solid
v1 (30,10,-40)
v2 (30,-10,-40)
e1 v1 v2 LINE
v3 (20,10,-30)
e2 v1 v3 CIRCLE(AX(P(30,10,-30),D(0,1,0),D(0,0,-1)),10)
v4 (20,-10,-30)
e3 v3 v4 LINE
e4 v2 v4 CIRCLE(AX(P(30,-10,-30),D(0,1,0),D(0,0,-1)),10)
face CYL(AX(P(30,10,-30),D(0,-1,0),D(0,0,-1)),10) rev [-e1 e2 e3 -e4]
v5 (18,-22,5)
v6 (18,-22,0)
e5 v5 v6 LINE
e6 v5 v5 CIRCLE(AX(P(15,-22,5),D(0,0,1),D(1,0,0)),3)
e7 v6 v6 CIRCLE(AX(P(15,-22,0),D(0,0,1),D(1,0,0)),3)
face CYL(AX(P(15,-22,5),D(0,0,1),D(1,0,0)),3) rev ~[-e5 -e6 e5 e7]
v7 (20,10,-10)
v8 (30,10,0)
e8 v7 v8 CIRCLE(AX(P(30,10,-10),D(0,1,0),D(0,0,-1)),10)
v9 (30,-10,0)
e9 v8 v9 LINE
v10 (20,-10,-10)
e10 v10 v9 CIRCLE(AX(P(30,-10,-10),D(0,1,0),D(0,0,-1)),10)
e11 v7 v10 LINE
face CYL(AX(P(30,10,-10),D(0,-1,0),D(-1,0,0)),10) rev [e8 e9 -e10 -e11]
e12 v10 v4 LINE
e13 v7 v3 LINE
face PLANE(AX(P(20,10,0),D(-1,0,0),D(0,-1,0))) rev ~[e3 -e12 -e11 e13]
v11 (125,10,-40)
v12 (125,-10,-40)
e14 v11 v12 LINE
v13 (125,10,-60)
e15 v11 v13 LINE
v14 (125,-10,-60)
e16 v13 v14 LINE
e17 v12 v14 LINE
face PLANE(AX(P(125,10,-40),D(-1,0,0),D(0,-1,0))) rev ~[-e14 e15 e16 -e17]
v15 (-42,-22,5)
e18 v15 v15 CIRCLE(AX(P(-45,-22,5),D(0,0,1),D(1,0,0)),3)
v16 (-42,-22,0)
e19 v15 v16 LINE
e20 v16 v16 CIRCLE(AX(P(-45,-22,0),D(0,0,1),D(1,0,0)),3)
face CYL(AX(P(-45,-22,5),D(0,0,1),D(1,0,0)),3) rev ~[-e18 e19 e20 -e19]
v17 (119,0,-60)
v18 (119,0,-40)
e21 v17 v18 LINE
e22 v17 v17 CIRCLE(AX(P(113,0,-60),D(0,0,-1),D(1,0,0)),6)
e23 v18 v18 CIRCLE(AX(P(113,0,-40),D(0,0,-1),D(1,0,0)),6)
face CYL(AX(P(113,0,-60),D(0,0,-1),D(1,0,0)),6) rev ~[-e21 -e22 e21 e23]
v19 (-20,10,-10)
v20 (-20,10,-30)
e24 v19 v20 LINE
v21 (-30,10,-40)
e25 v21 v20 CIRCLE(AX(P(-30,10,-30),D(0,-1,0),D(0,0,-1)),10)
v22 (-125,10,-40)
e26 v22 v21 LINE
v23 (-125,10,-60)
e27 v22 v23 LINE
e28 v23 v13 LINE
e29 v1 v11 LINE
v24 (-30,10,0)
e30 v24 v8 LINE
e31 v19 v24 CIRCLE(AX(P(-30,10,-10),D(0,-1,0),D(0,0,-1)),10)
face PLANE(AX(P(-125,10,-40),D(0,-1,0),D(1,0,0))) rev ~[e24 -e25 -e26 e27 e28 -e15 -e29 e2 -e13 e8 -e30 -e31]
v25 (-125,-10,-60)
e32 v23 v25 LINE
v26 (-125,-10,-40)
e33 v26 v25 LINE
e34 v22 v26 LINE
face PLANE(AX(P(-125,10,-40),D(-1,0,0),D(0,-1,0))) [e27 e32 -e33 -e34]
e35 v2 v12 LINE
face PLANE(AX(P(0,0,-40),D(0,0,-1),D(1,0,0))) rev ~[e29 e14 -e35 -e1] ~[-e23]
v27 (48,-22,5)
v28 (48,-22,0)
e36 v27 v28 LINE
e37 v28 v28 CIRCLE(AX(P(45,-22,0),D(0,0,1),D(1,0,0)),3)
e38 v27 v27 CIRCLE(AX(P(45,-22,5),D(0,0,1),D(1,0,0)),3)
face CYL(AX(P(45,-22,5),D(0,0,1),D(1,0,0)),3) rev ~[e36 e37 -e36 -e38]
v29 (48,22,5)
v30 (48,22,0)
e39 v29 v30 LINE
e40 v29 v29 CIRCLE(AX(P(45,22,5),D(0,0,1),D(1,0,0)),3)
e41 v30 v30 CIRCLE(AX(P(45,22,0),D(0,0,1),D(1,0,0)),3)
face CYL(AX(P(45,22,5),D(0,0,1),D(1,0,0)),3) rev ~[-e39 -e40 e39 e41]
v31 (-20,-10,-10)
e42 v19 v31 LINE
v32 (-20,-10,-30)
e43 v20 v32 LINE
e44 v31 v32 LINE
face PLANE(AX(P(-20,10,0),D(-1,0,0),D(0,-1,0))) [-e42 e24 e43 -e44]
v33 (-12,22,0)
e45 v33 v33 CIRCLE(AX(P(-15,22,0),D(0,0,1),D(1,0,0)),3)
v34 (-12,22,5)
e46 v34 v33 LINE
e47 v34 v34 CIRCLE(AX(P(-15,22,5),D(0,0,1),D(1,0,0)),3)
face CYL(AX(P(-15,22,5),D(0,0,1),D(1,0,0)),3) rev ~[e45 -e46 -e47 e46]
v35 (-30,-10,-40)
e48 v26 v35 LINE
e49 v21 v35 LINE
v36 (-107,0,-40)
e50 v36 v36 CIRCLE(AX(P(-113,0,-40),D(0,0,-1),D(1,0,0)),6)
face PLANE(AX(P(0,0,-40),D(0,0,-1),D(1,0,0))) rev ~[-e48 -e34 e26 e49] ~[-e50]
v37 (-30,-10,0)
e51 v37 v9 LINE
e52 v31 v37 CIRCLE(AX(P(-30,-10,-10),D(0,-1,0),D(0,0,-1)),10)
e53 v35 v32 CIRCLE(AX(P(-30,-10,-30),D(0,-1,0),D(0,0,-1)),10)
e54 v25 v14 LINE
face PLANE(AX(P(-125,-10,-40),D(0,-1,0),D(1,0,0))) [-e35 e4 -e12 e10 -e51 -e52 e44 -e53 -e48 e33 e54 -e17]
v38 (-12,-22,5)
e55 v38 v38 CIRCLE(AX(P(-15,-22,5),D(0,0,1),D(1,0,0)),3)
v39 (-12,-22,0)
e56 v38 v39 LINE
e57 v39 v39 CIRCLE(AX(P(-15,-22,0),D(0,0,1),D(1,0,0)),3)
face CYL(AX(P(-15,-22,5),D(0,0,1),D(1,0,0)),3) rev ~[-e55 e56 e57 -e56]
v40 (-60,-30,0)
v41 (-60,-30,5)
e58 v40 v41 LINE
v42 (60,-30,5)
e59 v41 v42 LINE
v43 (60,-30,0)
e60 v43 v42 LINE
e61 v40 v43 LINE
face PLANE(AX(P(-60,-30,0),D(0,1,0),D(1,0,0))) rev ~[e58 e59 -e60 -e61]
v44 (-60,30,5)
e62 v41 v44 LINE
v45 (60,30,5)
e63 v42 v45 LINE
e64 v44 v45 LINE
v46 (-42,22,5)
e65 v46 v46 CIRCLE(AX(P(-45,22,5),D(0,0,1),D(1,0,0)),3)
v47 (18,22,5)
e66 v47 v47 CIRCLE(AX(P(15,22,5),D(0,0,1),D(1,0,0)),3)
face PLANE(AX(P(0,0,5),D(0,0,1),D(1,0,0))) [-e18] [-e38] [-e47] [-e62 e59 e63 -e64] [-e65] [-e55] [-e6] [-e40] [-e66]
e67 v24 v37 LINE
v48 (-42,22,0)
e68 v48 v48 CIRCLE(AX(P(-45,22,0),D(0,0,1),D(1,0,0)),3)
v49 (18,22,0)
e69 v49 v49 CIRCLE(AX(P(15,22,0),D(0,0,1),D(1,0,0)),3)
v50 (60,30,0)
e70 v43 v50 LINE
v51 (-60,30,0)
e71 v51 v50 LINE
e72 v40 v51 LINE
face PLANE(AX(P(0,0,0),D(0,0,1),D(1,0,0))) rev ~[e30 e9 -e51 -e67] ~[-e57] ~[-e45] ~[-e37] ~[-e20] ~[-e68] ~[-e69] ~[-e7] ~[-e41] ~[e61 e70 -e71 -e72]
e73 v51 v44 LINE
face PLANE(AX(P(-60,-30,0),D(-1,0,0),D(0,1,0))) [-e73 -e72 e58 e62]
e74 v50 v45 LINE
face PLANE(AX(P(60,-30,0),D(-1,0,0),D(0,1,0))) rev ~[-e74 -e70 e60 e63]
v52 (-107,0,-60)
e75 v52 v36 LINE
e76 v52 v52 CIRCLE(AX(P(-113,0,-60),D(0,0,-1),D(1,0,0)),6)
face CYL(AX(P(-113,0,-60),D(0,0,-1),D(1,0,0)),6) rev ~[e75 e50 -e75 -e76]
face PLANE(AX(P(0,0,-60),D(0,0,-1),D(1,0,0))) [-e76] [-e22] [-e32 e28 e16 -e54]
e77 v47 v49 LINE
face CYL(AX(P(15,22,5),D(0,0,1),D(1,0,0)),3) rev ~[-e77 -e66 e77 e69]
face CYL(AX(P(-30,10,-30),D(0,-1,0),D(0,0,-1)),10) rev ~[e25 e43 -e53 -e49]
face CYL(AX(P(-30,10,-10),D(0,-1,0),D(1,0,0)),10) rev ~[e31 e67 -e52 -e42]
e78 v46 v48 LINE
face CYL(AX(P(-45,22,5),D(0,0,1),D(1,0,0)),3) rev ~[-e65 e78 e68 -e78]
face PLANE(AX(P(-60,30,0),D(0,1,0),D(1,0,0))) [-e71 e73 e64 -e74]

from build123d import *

# Parameters (mm, degrees)
F0_W      = 120
F0_H      = 60
F1_DEPTH  = 5
F2_W      = 40
F2_H      = 20
F3_DEPTH  = 40
F4_W      = 250
F4_H      = 20
F5_DEPTH  = 20
F6_R      = 10
F7_R      = 6
F8_DEPTH  = 65.001
F9_R      = 3
F10_DEPTH = 65.001


with BuildPart() as f1:
    # F0 (on Top) → F1 (new body)
    with BuildSketch(Plane.XY):
        Rectangle(F0_W, F0_H)
    extrude(amount=F1_DEPTH)

    # F2 (on face) → F3 (join)
    with BuildSketch(Plane(origin=(0, 0, 0), x_dir=(1, 0, 0), z_dir=(0, 0, -1))):
        Rectangle(F2_W, F2_H)
    extrude(amount=F3_DEPTH)

    # F4 (on face) → F5 (join)
    with BuildSketch(Plane(origin=(0, 0, -40), x_dir=(1, 0, 0), z_dir=(0, 0, -1))):
        Rectangle(F4_W, F4_H)
    extrude(amount=F5_DEPTH)

    # F6
    f6_edges = [f1.edges().sort_by_distance(p)[0] for p in [
        (-20, 0, -40),
        (20, 0, -40),
        (20, 0, 0),
        (-20, 0, 0),
    ]]
    fillet(f6_edges, radius=F6_R)

    # F7 (on face) → F8 (cut, through all)
    with BuildSketch(Plane(origin=(0, 0, -60), x_dir=(1, 0, 0), z_dir=(0, 0, -1))):
        with Locations((-113, 0)):
            Circle(F7_R)
        with Locations((113, 0)):
            Circle(F7_R)
    extrude(amount=-F8_DEPTH, mode=Mode.SUBTRACT)

    # F9 (on face) → F10 (cut, through all)
    with BuildSketch(Plane.XY.offset(5)):
        with Locations((-15, 22)):
            Circle(F9_R)
        with Locations((15, 22)):
            Circle(F9_R)
        with Locations((-15, -22)):
            Circle(F9_R)
        with Locations((15, -22)):
            Circle(F9_R)
        with Locations((-45, 22)):
            Circle(F9_R)
        with Locations((-45, -22)):
            Circle(F9_R)
        with Locations((45, 22)):
            Circle(F9_R)
        with Locations((45, -22)):
            Circle(F9_R)
    extrude(amount=-F10_DEPTH, mode=Mode.SUBTRACT)


solid = f1.part
